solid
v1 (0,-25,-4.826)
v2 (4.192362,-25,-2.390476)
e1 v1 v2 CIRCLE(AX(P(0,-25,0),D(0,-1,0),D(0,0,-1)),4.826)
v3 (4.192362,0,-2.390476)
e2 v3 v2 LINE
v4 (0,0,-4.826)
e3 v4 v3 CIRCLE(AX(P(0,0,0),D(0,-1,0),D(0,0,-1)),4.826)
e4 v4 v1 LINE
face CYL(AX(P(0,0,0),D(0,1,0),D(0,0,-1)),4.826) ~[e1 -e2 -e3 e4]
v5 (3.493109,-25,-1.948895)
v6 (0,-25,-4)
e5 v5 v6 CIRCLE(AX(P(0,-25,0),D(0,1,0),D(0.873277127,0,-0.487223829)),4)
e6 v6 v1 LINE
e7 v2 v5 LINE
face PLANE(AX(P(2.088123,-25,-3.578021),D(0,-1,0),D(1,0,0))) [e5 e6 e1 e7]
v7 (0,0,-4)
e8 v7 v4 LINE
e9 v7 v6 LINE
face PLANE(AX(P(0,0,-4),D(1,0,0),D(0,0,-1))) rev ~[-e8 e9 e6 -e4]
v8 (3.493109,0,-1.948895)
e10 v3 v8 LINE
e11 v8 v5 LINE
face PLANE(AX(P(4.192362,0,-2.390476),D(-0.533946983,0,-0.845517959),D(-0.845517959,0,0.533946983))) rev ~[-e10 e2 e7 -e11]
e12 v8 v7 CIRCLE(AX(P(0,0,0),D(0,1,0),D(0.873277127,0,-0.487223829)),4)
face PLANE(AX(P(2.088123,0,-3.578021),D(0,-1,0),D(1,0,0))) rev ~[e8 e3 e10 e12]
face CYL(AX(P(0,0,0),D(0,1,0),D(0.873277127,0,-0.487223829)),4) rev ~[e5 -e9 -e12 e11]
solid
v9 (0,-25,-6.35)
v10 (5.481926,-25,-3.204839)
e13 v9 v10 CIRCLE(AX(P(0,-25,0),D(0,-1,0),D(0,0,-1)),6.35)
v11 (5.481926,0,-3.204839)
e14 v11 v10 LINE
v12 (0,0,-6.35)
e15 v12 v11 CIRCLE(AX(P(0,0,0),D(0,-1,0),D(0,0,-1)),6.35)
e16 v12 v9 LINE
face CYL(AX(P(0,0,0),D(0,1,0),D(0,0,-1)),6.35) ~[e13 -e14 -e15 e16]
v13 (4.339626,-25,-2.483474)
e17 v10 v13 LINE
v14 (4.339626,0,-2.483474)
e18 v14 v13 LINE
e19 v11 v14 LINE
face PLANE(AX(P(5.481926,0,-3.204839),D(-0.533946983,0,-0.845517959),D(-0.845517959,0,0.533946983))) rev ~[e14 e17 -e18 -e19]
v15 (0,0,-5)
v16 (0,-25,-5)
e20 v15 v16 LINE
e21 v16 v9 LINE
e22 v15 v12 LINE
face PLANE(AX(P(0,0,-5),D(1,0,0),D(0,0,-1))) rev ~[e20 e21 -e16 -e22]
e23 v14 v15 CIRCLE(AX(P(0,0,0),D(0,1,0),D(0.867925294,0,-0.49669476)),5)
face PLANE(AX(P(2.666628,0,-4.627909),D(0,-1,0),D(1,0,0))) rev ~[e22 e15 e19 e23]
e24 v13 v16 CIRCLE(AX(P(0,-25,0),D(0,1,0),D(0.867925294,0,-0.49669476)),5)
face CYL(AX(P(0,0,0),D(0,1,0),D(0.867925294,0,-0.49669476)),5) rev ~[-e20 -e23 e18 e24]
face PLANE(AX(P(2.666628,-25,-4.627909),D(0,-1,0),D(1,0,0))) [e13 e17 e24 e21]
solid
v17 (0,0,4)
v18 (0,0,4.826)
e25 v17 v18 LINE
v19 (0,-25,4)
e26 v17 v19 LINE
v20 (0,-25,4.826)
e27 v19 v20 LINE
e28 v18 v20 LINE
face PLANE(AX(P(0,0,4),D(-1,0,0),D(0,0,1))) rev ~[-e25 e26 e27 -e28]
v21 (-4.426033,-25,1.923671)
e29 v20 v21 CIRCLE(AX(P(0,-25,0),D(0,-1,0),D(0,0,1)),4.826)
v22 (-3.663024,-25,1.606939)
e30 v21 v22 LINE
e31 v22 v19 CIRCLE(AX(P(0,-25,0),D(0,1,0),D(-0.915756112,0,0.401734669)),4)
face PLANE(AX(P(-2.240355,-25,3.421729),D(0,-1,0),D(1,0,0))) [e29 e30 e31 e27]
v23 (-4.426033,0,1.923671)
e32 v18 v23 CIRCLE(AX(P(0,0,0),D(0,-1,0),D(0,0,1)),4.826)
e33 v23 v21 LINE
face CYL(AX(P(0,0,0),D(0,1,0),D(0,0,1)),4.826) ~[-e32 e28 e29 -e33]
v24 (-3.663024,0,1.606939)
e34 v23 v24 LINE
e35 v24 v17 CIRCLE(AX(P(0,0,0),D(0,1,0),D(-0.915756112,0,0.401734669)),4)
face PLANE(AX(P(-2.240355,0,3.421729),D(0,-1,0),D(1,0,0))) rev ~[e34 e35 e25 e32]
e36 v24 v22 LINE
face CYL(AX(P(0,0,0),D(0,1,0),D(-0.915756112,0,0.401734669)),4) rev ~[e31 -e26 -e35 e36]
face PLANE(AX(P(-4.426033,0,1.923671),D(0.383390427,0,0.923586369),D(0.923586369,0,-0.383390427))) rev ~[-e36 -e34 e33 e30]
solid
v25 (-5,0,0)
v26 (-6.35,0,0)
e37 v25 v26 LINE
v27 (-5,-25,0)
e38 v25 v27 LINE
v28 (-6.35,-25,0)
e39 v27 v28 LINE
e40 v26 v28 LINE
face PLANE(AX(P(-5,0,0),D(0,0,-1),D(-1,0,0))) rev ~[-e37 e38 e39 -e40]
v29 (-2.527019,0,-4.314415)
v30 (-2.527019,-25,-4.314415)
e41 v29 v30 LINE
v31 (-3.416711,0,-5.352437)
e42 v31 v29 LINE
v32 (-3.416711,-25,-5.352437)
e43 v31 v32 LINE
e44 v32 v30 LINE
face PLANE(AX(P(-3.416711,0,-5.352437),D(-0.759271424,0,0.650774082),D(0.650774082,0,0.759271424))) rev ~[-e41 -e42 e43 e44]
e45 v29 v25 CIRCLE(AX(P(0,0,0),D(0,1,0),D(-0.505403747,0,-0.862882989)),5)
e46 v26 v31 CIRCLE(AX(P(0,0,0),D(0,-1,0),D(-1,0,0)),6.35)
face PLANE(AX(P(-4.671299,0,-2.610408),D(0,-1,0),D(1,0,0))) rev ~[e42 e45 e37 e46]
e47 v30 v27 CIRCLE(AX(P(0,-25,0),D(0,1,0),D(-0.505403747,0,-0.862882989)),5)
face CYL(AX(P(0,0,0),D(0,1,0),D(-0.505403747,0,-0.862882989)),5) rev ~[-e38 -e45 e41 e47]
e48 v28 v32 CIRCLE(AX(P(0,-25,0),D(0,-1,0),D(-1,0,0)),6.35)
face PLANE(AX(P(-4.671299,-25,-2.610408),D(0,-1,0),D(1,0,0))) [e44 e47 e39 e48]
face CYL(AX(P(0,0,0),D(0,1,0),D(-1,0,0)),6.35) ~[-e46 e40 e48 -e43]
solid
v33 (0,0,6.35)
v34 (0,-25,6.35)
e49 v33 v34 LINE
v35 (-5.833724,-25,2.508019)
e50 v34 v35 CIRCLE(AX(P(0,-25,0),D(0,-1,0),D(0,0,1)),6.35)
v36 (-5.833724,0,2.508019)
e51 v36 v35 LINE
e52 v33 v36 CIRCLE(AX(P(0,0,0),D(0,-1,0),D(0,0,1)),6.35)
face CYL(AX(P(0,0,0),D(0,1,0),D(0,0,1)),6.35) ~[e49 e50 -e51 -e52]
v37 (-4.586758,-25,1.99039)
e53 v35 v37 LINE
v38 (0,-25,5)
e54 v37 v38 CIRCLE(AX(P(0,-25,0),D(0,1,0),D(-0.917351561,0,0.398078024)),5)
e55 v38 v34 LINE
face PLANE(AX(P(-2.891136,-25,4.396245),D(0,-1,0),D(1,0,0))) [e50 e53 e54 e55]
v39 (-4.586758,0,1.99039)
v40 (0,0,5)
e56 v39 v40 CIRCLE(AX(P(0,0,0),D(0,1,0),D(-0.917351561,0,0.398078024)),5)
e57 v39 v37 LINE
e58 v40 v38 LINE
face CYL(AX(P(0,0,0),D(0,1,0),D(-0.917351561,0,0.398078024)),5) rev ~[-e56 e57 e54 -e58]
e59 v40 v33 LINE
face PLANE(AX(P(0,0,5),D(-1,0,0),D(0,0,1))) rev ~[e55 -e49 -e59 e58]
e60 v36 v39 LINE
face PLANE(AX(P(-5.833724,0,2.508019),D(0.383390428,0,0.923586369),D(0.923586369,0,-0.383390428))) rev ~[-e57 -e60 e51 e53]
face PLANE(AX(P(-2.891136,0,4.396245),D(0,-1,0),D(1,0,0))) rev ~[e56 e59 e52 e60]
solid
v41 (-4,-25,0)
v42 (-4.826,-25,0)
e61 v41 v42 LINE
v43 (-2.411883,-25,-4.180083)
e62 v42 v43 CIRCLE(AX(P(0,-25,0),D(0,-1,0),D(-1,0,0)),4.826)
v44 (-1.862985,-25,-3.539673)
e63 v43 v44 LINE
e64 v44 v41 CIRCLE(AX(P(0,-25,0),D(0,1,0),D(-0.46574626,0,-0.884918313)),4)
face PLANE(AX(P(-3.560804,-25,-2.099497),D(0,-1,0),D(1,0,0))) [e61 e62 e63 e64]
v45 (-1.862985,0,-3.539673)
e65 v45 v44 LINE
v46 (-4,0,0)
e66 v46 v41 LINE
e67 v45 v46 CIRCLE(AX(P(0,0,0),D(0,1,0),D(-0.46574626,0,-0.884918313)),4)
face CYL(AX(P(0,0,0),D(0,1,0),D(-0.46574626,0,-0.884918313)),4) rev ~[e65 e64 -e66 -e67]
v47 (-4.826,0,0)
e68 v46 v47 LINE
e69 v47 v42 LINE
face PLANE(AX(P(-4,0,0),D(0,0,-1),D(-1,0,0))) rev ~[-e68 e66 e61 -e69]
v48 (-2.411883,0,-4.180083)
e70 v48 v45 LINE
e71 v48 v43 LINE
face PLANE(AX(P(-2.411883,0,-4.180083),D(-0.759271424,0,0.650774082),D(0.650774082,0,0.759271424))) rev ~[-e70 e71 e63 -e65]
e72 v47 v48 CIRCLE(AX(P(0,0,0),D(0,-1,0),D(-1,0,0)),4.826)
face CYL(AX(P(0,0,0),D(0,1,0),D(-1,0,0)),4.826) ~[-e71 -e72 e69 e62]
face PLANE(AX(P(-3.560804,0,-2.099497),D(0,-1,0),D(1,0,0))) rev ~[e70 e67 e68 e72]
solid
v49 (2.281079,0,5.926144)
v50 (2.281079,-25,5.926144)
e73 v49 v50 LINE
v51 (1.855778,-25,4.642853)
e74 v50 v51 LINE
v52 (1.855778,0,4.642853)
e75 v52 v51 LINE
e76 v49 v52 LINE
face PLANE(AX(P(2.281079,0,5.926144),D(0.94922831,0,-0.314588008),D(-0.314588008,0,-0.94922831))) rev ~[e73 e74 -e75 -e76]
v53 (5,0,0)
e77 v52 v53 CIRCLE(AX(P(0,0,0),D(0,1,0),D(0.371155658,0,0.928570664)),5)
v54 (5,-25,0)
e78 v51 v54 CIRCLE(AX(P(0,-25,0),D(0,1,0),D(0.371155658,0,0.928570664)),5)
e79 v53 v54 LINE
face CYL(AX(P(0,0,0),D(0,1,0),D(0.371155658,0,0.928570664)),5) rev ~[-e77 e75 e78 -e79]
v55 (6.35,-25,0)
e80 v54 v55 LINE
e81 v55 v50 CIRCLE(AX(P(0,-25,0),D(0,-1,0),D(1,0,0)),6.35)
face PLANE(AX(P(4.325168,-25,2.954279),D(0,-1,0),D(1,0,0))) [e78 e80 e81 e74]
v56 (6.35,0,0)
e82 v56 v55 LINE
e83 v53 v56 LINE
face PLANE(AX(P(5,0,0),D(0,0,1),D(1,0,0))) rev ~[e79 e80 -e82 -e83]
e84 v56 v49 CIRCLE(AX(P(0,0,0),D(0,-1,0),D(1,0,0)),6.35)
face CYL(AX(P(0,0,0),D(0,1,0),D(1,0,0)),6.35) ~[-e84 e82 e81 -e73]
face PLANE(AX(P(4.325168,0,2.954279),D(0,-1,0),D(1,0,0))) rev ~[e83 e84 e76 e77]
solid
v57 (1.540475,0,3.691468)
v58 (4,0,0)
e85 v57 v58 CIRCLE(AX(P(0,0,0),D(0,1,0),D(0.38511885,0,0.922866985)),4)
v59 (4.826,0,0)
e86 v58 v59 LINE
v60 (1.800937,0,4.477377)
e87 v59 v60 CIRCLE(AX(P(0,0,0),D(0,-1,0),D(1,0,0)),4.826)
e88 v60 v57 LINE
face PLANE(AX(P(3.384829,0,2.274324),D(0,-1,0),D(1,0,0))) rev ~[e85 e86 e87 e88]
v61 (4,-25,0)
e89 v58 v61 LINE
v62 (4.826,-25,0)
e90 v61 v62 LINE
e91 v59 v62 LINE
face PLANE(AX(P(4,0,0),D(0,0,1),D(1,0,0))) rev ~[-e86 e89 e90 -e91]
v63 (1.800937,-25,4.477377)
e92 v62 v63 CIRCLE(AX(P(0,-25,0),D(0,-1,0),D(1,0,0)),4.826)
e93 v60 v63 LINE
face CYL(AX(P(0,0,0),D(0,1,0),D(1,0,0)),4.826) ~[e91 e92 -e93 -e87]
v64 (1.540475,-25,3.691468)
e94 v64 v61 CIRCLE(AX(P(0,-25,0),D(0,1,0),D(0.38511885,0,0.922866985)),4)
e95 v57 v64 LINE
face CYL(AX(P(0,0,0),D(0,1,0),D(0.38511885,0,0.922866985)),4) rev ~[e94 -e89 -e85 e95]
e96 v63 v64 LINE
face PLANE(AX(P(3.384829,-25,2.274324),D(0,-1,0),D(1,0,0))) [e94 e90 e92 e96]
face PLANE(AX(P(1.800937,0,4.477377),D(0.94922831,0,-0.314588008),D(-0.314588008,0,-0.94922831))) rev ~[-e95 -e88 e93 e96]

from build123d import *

# Parameters (mm, degrees)
F1_DEPTH = 25


with BuildPart() as f1:
    # F0 (on Front) → F1 (new body)
    with BuildSketch(Plane.XZ):
        with BuildLine():
            Line((5.4819255413, -3.2048388976), (4.339626468, -2.4834738007))
            ThreePointArc((4.339626468, -2.4834738007), (2.5082494889, -4.3253536852), (0, -5))
            Line((0, -5), (0, -6.35))
            ThreePointArc((0, -6.35), (3.160045332, -5.5078683263), (5.4819255413, -3.2048388976))
        make_face()
    extrude(amount=F1_DEPTH)


with BuildPart() as f1b:
    # F0 (on Front) → F1, piece 2 (new body)
    with BuildSketch(Plane.XZ):
        with BuildLine():
            Line((-3.4167111614, -5.3524372803), (-2.5270187375, -4.314414943))
            ThreePointArc((-2.5270187375, -4.314414943), (-4.3379196447, -2.4864539321), (-5, 0))
            Line((-5, 0), (-6.35, 0))
            ThreePointArc((-6.35, 0), (-5.5686001776, -3.0517522938), (-3.4167111614, -5.3524372803))
        make_face()
    extrude(amount=F1_DEPTH)


with BuildPart() as f1c:
    # F0 (on Front) → F1, piece 3 (new body)
    with BuildSketch(Plane.XZ):
        with BuildLine():
            ThreePointArc((-4.5867578061, 1.9903901196), (-2.7429955707, 4.1804276455), (0, 5))
            Line((0, 5), (0, 6.35))
            ThreePointArc((0, 6.35), (-3.4926049616, 5.3032264313), (-5.8337243926, 2.508019081))
            Line((-5.8337243926, 2.508019081), (-4.5867578061, 1.9903901196))
        make_face()
    extrude(amount=F1_DEPTH)


with BuildPart() as f1d:
    # F0 (on Front) → F1, piece 4 (new body)
    with BuildSketch(Plane.XZ):
        with BuildLine():
            ThreePointArc((1.8557782902, 4.6428533186), (4.1399813678, 2.8036680036), (5, 0))
            Line((5, 0), (6.35, 0))
            ThreePointArc((6.35, 0), (5.2348521129, 3.5942764719), (2.2810792579, 5.9261435537))
            Line((2.2810792579, 5.9261435537), (1.8557782902, 4.6428533186))
        make_face()
    extrude(amount=F1_DEPTH)


with BuildPart() as f1e:
    # F0 (on Front) → F1, piece 5 (new body)
    with BuildSketch(Plane.XZ):
        with BuildLine():
            ThreePointArc((1.5404753982, 3.6914679394), (3.3288062119, 2.2178929649), (4, 0))
            Line((4, 0), (4.826, 0))
            ThreePointArc((4.826, 0), (3.99884969, 2.701754459), (1.800936943, 4.4773767015))
            Line((1.800936943, 4.4773767015), (1.5404753982, 3.6914679394))
        make_face()
    extrude(amount=F1_DEPTH)


with BuildPart() as f1f:
    # F0 (on Front) → F1, piece 6 (new body)
    with BuildSketch(Plane.XZ):
        with BuildLine():
            ThreePointArc((-3.6630244465, 1.6069386747), (-2.1877208804, 3.3487127899), (0, 4))
            Line((0, 4), (0, 4.826))
            ThreePointArc((0, 4.826), (-2.6463784586, 4.0357102292), (-4.42603258, 1.9236713858))
            Line((-4.42603258, 1.9236713858), (-3.6630244465, 1.6069386747))
        make_face()
    extrude(amount=F1_DEPTH)


with BuildPart() as f1g:
    # F0 (on Front) → F1, piece 7 (new body)
    with BuildSketch(Plane.XZ):
        with BuildLine():
            Line((-2.4118827565, -4.1800834404), (-1.8629850393, -3.5396732537))
            ThreePointArc((-1.8629850393, -3.5396732537), (-3.424320382, -2.0673727098), (-4, 0))
            Line((-4, 0), (-4.826, 0))
            ThreePointArc((-4.826, 0), (-4.1791160658, -2.4135585571), (-2.4118827565, -4.1800834404))
        make_face()
    extrude(amount=F1_DEPTH)


with BuildPart() as f1h:
    # F0 (on Front) → F1, piece 8 (new body)
    with BuildSketch(Plane.XZ):
        with BuildLine():
            Line((4.1923621722, -2.3904759812), (3.4931085088, -1.9488953143))
            ThreePointArc((3.4931085088, -1.9488953143), (2.0253911651, -3.4493174149), (0, -4))
            Line((0, -4), (0, -4.826))
            ThreePointArc((0, -4.826), (2.4242358502, -4.1729314088), (4.1923621722, -2.3904759812))
        make_face()
    extrude(amount=F1_DEPTH)


solid = Compound([f1.part, f1b.part, f1c.part, f1d.part, f1e.part, f1f.part, f1g.part, f1h.part])
